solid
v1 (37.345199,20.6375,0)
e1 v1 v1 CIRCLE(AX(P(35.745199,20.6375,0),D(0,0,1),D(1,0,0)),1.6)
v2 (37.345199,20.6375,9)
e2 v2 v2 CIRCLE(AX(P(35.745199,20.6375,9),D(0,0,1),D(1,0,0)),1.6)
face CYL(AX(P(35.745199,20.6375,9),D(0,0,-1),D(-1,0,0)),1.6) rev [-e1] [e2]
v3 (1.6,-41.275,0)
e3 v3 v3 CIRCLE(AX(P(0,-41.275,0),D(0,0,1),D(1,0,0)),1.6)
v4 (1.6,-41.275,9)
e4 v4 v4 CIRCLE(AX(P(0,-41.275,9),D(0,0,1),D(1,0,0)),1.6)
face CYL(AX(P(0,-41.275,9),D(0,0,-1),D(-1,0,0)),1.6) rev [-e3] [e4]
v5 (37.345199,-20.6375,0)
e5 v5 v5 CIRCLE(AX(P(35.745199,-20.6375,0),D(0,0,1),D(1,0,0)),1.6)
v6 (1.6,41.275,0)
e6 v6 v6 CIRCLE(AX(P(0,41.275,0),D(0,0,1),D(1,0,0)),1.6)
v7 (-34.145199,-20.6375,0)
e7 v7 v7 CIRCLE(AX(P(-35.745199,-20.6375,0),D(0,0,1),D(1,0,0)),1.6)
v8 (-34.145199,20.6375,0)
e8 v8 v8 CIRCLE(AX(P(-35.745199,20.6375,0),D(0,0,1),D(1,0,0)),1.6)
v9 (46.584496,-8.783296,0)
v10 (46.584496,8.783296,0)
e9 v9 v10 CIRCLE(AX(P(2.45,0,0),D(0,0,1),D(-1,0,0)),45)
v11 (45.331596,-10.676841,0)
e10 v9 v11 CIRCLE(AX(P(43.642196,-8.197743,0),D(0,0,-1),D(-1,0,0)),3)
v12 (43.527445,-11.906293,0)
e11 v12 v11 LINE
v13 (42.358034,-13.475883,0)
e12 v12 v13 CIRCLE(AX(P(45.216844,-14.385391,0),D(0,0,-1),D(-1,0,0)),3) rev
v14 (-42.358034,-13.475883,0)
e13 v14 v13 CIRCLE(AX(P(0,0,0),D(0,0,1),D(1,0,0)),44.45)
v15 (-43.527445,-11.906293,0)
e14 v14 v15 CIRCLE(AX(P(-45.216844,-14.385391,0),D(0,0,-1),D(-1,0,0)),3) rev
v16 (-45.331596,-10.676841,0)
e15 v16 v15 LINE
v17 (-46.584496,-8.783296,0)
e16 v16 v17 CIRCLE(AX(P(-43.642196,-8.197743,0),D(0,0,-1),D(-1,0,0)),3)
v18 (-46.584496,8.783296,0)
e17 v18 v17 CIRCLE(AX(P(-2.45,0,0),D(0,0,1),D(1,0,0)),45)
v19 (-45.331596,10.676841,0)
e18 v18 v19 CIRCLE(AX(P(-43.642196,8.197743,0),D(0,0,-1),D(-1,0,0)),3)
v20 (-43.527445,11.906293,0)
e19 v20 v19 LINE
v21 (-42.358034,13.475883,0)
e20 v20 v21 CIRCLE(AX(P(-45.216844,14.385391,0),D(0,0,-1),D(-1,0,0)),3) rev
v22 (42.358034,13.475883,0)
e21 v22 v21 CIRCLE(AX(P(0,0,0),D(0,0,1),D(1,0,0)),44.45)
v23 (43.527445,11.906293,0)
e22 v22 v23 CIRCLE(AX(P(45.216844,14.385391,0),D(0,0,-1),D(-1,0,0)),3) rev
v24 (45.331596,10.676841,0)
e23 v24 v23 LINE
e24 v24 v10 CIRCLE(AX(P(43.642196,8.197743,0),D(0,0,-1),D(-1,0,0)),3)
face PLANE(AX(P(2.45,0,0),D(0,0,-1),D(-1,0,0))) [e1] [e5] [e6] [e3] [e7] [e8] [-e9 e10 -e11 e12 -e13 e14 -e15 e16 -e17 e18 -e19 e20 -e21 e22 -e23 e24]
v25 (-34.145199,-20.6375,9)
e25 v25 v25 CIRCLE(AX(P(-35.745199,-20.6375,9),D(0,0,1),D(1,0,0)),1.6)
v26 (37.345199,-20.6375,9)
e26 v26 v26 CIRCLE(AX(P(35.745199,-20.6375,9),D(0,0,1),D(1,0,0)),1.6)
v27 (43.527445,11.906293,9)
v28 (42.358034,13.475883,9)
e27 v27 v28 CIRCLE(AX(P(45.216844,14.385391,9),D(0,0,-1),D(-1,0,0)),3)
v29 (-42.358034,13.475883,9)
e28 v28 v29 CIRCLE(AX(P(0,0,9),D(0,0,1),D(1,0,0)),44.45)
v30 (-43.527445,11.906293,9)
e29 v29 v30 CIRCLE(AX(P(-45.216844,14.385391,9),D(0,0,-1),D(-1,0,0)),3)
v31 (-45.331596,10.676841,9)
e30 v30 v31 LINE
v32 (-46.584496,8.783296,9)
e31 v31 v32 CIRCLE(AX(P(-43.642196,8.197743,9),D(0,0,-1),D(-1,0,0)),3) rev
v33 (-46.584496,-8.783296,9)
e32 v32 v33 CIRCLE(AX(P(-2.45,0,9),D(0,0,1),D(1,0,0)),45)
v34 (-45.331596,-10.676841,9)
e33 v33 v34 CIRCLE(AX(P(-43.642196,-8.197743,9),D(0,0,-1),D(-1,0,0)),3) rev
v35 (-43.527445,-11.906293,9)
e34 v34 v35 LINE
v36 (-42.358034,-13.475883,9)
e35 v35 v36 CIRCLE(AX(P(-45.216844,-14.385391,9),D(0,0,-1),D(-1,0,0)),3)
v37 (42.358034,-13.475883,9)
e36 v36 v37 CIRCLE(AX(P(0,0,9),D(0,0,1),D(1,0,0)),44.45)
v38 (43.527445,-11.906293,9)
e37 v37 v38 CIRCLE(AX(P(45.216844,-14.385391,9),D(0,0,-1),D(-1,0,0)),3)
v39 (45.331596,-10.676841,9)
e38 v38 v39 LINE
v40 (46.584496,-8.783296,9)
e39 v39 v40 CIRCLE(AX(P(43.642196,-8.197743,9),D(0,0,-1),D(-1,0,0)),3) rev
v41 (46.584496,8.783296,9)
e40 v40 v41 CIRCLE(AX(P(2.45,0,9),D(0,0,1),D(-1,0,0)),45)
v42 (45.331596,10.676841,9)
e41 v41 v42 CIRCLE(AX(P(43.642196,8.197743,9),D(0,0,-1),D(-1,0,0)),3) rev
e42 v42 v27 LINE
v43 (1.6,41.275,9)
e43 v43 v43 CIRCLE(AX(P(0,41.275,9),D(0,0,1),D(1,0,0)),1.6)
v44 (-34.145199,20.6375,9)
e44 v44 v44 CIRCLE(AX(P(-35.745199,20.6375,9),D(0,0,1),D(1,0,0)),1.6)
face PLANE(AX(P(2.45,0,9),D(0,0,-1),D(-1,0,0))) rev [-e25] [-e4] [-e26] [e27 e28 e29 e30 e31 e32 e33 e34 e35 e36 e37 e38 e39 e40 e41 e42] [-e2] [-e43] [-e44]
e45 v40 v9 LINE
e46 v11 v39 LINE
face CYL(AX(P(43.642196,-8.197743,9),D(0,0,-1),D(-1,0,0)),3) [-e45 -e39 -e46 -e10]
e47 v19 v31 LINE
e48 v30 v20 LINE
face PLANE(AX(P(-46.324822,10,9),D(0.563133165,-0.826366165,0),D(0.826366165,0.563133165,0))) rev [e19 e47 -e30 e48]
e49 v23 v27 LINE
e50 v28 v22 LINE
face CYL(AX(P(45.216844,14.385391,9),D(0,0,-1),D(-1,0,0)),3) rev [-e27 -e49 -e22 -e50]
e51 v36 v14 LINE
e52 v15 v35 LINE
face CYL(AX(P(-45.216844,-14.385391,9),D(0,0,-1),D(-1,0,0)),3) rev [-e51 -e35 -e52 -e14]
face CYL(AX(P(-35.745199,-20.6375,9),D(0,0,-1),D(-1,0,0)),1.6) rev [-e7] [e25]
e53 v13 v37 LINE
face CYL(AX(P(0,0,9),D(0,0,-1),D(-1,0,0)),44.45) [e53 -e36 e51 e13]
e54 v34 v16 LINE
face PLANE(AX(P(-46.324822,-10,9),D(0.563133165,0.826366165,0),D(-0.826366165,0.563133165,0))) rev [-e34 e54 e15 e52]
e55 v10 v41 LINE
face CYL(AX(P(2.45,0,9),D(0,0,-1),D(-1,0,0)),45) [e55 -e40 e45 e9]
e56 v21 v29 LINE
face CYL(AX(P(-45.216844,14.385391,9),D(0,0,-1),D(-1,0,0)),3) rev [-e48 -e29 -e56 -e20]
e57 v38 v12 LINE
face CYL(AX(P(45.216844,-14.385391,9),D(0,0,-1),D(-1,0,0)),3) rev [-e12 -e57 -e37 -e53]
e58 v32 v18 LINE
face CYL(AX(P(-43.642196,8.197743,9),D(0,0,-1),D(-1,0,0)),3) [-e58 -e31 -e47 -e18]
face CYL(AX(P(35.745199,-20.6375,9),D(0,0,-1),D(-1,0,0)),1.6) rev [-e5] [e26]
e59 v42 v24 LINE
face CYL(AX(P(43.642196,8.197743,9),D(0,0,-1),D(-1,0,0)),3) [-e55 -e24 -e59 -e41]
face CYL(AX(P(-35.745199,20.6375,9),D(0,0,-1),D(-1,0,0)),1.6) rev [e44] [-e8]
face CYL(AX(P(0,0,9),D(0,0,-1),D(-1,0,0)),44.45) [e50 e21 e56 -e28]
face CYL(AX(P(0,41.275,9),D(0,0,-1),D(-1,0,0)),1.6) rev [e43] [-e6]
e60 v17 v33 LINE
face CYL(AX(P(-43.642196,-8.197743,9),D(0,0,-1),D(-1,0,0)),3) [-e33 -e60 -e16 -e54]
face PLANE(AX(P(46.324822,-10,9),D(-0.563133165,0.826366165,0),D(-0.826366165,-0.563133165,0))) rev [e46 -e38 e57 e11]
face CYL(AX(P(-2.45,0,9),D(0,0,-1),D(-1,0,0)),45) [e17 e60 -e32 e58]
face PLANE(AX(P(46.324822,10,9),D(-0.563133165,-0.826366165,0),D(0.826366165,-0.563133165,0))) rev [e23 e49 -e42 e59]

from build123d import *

# Parameters (mm, degrees)
SKETCH1_R           = 1.6
BOSS_EXTRUDE1_DEPTH = 9
FILLET1_R           = 3


with BuildPart() as part:
    # Sketch1 → Boss-Extrude1 (new body)
    with BuildSketch(Plane.XY):
        with BuildLine():
            Line((-46.324821937, 10), (-42.656212912, 12.5))
            ThreePointArc((-42.656212912, 12.5), (0, 44.45), (42.656212912, 12.5))
            Line((42.656212912, 12.5), (46.324821937, 10))
            ThreePointArc((46.324821937, 10), (47.45, 0), (46.324821937, -10))
            Line((46.324821937, -10), (42.656212912, -12.5))
            ThreePointArc((42.656212912, -12.5), (0, -44.45), (-42.656212912, -12.5))
            Line((-42.656212912, -12.5), (-46.324821937, -10))
            ThreePointArc((-46.324821937, -10), (-47.45, 0), (-46.324821937, 10))
        make_face()
        with Locations((0, 41.275)):
            Circle(SKETCH1_R, mode=Mode.SUBTRACT)
        with Locations((35.745198541, 20.6375)):
            Circle(SKETCH1_R, mode=Mode.SUBTRACT)
        with Locations((35.745198541, -20.6375)):
            Circle(SKETCH1_R, mode=Mode.SUBTRACT)
        with Locations((0, -41.275)):
            Circle(SKETCH1_R, mode=Mode.SUBTRACT)
        with Locations((-35.745198541, -20.6375)):
            Circle(SKETCH1_R, mode=Mode.SUBTRACT)
        with Locations((-35.745198541, 20.6375)):
            Circle(SKETCH1_R, mode=Mode.SUBTRACT)
    extrude(amount=BOSS_EXTRUDE1_DEPTH)

    # Fillet1
    fillet1_edges = [part.edges().sort_by_distance(p)[0] for p in [
        (46.324821937, -10, 4.5),
        (42.656212912, -12.5, 4.5),
        (-42.656212912, -12.5, 4.5),
        (-46.324821937, -10, 4.5),
        (-46.324821937, 10, 4.5),
        (-42.656212912, 12.5, 4.5),
        (42.656212912, 12.5, 4.5),
        (46.324821937, 10, 4.5),
    ]]
    fillet(fillet1_edges, radius=FILLET1_R)


solid = part.part
